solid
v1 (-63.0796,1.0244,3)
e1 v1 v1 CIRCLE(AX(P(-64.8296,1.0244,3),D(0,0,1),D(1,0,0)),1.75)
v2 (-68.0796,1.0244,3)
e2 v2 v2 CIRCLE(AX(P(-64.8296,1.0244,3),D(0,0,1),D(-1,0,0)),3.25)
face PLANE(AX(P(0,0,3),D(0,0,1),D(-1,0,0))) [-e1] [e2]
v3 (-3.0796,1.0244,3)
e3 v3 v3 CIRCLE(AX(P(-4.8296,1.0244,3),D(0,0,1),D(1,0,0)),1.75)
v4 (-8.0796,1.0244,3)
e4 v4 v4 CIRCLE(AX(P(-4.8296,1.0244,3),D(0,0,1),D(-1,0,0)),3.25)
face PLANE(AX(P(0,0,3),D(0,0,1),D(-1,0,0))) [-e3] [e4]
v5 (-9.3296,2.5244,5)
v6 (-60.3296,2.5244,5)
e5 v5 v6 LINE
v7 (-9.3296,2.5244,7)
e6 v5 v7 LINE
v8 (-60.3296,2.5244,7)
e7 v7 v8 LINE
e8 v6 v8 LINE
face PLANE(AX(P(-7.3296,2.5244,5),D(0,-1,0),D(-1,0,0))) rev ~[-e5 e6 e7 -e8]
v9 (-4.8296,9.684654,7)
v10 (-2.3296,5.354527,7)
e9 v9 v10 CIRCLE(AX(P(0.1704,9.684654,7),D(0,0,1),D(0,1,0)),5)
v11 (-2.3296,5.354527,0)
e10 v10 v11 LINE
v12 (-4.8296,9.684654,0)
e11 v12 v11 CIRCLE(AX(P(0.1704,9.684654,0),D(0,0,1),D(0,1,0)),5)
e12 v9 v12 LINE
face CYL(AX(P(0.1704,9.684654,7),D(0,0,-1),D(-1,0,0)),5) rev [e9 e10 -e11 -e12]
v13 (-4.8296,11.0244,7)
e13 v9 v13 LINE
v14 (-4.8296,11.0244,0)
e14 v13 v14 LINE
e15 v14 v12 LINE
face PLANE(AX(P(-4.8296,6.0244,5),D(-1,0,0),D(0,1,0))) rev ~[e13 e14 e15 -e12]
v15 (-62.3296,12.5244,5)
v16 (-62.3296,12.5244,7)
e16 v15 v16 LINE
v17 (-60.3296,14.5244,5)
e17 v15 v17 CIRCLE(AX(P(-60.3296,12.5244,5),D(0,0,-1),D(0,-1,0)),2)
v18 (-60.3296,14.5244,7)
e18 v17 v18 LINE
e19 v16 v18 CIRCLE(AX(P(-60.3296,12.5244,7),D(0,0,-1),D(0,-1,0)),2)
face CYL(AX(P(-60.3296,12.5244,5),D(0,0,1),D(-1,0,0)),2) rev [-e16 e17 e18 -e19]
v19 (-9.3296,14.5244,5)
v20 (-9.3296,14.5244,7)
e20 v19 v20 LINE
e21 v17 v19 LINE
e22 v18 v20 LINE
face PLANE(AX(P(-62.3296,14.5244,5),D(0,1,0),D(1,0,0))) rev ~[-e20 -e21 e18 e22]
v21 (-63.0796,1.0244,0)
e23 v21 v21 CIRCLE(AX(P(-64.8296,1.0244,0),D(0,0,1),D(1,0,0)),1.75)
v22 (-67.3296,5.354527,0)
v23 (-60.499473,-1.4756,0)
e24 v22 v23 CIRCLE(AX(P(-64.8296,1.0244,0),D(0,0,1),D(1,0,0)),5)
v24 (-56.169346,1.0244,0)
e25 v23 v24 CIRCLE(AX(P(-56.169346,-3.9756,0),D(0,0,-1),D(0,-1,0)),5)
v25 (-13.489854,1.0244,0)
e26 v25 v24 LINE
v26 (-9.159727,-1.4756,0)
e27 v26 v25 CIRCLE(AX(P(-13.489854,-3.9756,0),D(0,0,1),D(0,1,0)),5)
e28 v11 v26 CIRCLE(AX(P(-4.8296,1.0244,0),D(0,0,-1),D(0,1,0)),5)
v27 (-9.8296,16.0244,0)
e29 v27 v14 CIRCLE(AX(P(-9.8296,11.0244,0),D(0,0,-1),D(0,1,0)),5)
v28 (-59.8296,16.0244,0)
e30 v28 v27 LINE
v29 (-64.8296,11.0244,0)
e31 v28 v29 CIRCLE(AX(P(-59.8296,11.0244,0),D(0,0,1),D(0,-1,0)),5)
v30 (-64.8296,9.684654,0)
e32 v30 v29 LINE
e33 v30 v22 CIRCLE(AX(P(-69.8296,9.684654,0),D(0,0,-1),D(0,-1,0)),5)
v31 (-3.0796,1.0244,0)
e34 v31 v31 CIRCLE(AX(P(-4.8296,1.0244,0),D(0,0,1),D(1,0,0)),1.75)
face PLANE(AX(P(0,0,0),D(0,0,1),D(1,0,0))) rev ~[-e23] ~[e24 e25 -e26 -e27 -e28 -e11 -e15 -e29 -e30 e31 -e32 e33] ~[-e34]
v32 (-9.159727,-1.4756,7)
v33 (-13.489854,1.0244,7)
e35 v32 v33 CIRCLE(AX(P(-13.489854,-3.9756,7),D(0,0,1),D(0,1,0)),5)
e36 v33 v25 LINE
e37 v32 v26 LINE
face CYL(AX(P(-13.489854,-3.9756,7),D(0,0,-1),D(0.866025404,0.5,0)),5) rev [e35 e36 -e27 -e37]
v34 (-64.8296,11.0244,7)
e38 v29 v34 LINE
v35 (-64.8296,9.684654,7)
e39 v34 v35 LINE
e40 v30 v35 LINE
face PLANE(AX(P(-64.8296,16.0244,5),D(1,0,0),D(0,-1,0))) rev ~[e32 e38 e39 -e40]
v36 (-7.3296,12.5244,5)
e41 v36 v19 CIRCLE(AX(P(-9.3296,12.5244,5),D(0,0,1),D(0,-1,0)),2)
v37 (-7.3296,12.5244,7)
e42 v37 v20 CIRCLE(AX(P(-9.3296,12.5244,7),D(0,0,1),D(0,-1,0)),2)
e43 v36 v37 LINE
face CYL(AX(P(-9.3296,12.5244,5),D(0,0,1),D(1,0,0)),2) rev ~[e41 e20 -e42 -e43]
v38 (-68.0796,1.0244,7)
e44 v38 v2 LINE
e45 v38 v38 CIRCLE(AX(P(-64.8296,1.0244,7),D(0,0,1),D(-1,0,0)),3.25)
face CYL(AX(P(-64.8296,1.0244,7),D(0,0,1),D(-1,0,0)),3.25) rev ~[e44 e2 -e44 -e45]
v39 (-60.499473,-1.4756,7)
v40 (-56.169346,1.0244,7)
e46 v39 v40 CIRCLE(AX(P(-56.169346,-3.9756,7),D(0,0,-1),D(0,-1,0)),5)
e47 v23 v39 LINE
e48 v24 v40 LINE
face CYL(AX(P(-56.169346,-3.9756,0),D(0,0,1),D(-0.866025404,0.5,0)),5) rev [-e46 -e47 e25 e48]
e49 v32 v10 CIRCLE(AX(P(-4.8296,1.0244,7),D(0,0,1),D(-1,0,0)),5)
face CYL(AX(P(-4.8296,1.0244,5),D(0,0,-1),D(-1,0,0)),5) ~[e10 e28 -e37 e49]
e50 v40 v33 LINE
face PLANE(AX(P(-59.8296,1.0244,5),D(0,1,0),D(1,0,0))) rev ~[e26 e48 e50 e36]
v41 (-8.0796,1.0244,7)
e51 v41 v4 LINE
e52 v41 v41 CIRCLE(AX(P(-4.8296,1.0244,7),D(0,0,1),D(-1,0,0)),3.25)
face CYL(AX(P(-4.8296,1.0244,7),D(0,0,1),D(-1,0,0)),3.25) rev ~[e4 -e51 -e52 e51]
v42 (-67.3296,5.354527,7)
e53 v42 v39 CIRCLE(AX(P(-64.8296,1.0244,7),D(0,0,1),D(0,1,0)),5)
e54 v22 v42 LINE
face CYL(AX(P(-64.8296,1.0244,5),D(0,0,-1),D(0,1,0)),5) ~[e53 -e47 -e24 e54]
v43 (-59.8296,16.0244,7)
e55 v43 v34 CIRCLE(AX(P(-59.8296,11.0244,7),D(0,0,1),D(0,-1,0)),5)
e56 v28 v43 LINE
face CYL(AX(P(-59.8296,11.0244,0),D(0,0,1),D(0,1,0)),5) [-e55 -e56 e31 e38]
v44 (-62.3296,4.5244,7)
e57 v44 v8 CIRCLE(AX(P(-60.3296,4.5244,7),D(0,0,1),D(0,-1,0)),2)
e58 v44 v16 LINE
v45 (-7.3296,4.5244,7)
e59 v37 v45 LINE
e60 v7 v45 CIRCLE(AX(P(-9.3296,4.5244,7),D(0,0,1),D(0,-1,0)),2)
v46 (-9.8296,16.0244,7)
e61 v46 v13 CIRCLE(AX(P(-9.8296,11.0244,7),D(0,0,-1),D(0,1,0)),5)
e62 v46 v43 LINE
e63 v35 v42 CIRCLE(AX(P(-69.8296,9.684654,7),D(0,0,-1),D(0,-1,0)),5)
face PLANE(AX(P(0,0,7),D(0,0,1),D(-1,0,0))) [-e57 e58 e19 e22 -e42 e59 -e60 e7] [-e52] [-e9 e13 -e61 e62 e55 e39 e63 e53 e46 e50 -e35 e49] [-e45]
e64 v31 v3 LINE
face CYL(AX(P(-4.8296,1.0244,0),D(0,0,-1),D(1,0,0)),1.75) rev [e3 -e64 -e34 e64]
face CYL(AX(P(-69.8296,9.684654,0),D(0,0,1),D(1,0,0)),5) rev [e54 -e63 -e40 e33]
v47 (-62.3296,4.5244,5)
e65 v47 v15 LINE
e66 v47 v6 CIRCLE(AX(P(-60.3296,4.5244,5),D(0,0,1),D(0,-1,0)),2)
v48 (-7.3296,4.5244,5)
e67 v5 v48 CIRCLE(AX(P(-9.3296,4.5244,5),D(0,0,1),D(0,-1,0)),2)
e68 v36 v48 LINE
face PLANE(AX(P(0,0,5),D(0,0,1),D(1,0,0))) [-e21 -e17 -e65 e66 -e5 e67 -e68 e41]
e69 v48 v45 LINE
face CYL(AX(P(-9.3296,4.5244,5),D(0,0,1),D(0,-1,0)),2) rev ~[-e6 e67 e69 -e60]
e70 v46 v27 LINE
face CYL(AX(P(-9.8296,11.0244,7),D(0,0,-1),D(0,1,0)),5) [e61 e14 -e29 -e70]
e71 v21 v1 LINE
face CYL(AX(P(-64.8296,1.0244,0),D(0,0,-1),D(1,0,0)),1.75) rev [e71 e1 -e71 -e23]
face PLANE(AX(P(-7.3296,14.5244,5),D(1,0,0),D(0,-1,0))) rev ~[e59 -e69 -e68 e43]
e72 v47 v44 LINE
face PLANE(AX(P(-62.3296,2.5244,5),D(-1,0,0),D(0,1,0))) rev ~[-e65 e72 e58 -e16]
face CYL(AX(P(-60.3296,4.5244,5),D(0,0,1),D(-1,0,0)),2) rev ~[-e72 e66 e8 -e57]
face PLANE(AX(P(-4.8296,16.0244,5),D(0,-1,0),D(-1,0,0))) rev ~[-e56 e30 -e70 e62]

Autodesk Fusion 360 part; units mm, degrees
sketch "Sketch1" plane through (0, 0, 0) normal (0, 0, 1) x (1, 0, 0) in component "node_nametag"
  circle A0 centre (-64.8296, 1.0244) radius 1.75
  circle A1 centre (-4.8296, 1.0244) radius 1.75
  circle A2 centre (-64.8296, 1.0244) radius 5
  circle A3 centre (-4.8296, 1.0244) radius 5
  line L0 (-64.8296, 16.0244) -> (-4.8296, 16.0244)
  line L1 (-4.8296, 16.0244) -> (-4.8296, 1.0244)
  line L2 (-4.8296, 1.0244) -> (-64.8296, 1.0244)
  line L3 (-64.8296, 1.0244) -> (-64.8296, 16.0244)
  dimension "d1" = 3.5
  dimension "d2" = 3.5
  dimension "d3" = 60
  dimension "d4" = 10
  dimension "d5" = 10
  dimension "d6" = 15
extrude "Extrude1" add sketch "Sketch1" along normal blind 5 contours A0 A2 L2 L3 | A0 A2 L2 L3 | A2 A3 L0 L1 L2 L3 | A1 A3 L1 L2 | A1 A3 L1 L2 in component "node_nametag"
sketch "Sketch2" plane through (0, 0, 5) normal (0, 0, 1) x (-1, 0, 0) in component "node_nametag"
  circle A0 centre (4.8296, -1.0244) radius 1.75
  circle A1 centre (64.8296, -1.0244) radius 1.75
  line L0 (64.8296, -16.0244) -> (64.8296, -6.0244)
  arc A2 (64.8296, -6.0244) -> (59.8296, -1.0244) centre (64.8296, -1.0244) ccw
  line L1 (59.8296, -1.0244) -> (9.8296, -1.0244)
  arc A3 (9.8296, -1.0244) -> (4.8296, -6.0244) centre (4.8296, -1.0244) ccw
  line L2 (4.8296, -6.0244) -> (4.8296, -16.0244)
  line L3 (4.8296, -16.0244) -> (64.8296, -16.0244)
  line L4 (62.3296, -14.5244) -> (7.3296, -14.5244)
  line L5 (7.3296, -14.5244) -> (7.3296, -2.5244)
  line L6 (7.3296, -2.5244) -> (62.3296, -2.5244)
  line L7 (62.3296, -2.5244) -> (62.3296, -14.5244)
  line L8 (34.8296, -16.0244) -> (34.8296, -1.0244) construction
  line L9 (64.8296, -11.0244) -> (4.8296, -11.0244) construction
  dimension "d9" = 12
  dimension "d10" = 55
  dimension "d11" = 27.5
  dimension "d12" = 1.5
extrude "Extrude2" add sketch "Sketch2" along normal blind 2 in component "node_nametag"
fillet "Fillet1" radius 5 6 edges at (-4.8296, 16.0244, 3.5) (-64.8296, 16.0244, 3.5) (-59.8296, 1.0244, 3.5) (-9.8296, 1.0244, 3.5) (-64.8296, 6.0244, 3.5) (-4.8296, 6.0244, 3.5) in component "node_nametag"
fillet "Fillet1" radius 2 4 edges at (-62.3296, 14.5244, 6) (-62.3296, 2.5244, 6) (-7.3296, 2.5244, 6) (-7.3296, 14.5244, 6) in component "node_nametag"
sketch "Sketch3" plane through (0, 0, 7) normal (0, 0, 1) x (-1, 0, 0) in component "node_nametag"
  line L0 (9.3296, -2.5244) -> (60.3296, -2.5244)
  arc A0 (62.3296, -4.5244) -> (60.3296, -2.5244) centre (60.3296, -4.5244) ccw
  line L1 (62.3296, -4.5244) -> (62.3296, -12.5244)
  arc A1 (60.3296, -14.5244) -> (62.3296, -12.5244) centre (60.3296, -12.5244) ccw
  line L2 (60.3296, -14.5244) -> (9.3296, -14.5244)
  arc A2 (7.3296, -12.5244) -> (9.3296, -14.5244) centre (9.3296, -12.5244) ccw
  line L3 (7.3296, -12.5244) -> (7.3296, -4.5244)
  arc A3 (9.3296, -2.5244) -> (7.3296, -4.5244) centre (9.3296, -4.5244) ccw
  circle A4 centre (4.8296, -1.0244) radius 1.75
  circle A5 centre (64.8296, -1.0244) radius 1.75
  arc A6 (59.8296, -16.0244) -> (64.8296, -11.0244) centre (59.8296, -11.0244) ccw
  line L4 (64.8296, -11.0244) -> (64.8296, -9.6847)
  arc A7 (67.3296, -5.3546) -> (64.8296, -9.6847) centre (69.8296, -9.6847) ccw
  arc A8 (67.3296, -5.3546) -> (60.4995, 1.4756) centre (64.8296, -1.0244) ccw
  arc A9 (56.1694, -1.0244) -> (60.4995, 1.4756) centre (56.1694, 3.9756) ccw
  line L5 (56.1694, -1.0244) -> (13.4899, -1.0244)
  arc A10 (9.1597, 1.4756) -> (13.4899, -1.0244) centre (13.4899, 3.9756) ccw
  arc A11 (9.1597, 1.4756) -> (2.3296, -5.3546) centre (4.8296, -1.0244) ccw
  arc A12 (4.8296, -9.6847) -> (2.3296, -5.3546) centre (-0.1704, -9.6847) ccw
  line L6 (4.8296, -9.6847) -> (4.8296, -11.0244)
  arc A13 (4.8296, -11.0244) -> (9.8296, -16.0244) centre (9.8296, -11.0244) ccw
  line L7 (9.8296, -16.0244) -> (59.8296, -16.0244)
  circle A14 centre (4.8296, -1.0244) radius 3.25
  circle A15 centre (64.8296, -1.0244) radius 3.25
  dimension "d19" = 6.5
  dimension "d20" = 6.5
extrude "Extrude3" cut sketch "Sketch3" against normal blind 4 contours A14 | A15 in component "node_nametag"
component "node_nametag" placed x (1, 0, 0) y (0, 1, 0) z (0, 0, 1) at (0, 0, 0)
equation "d3 = ( 15 * 4 ) * 1 mm"
equation "d11 = d10 / 2"
